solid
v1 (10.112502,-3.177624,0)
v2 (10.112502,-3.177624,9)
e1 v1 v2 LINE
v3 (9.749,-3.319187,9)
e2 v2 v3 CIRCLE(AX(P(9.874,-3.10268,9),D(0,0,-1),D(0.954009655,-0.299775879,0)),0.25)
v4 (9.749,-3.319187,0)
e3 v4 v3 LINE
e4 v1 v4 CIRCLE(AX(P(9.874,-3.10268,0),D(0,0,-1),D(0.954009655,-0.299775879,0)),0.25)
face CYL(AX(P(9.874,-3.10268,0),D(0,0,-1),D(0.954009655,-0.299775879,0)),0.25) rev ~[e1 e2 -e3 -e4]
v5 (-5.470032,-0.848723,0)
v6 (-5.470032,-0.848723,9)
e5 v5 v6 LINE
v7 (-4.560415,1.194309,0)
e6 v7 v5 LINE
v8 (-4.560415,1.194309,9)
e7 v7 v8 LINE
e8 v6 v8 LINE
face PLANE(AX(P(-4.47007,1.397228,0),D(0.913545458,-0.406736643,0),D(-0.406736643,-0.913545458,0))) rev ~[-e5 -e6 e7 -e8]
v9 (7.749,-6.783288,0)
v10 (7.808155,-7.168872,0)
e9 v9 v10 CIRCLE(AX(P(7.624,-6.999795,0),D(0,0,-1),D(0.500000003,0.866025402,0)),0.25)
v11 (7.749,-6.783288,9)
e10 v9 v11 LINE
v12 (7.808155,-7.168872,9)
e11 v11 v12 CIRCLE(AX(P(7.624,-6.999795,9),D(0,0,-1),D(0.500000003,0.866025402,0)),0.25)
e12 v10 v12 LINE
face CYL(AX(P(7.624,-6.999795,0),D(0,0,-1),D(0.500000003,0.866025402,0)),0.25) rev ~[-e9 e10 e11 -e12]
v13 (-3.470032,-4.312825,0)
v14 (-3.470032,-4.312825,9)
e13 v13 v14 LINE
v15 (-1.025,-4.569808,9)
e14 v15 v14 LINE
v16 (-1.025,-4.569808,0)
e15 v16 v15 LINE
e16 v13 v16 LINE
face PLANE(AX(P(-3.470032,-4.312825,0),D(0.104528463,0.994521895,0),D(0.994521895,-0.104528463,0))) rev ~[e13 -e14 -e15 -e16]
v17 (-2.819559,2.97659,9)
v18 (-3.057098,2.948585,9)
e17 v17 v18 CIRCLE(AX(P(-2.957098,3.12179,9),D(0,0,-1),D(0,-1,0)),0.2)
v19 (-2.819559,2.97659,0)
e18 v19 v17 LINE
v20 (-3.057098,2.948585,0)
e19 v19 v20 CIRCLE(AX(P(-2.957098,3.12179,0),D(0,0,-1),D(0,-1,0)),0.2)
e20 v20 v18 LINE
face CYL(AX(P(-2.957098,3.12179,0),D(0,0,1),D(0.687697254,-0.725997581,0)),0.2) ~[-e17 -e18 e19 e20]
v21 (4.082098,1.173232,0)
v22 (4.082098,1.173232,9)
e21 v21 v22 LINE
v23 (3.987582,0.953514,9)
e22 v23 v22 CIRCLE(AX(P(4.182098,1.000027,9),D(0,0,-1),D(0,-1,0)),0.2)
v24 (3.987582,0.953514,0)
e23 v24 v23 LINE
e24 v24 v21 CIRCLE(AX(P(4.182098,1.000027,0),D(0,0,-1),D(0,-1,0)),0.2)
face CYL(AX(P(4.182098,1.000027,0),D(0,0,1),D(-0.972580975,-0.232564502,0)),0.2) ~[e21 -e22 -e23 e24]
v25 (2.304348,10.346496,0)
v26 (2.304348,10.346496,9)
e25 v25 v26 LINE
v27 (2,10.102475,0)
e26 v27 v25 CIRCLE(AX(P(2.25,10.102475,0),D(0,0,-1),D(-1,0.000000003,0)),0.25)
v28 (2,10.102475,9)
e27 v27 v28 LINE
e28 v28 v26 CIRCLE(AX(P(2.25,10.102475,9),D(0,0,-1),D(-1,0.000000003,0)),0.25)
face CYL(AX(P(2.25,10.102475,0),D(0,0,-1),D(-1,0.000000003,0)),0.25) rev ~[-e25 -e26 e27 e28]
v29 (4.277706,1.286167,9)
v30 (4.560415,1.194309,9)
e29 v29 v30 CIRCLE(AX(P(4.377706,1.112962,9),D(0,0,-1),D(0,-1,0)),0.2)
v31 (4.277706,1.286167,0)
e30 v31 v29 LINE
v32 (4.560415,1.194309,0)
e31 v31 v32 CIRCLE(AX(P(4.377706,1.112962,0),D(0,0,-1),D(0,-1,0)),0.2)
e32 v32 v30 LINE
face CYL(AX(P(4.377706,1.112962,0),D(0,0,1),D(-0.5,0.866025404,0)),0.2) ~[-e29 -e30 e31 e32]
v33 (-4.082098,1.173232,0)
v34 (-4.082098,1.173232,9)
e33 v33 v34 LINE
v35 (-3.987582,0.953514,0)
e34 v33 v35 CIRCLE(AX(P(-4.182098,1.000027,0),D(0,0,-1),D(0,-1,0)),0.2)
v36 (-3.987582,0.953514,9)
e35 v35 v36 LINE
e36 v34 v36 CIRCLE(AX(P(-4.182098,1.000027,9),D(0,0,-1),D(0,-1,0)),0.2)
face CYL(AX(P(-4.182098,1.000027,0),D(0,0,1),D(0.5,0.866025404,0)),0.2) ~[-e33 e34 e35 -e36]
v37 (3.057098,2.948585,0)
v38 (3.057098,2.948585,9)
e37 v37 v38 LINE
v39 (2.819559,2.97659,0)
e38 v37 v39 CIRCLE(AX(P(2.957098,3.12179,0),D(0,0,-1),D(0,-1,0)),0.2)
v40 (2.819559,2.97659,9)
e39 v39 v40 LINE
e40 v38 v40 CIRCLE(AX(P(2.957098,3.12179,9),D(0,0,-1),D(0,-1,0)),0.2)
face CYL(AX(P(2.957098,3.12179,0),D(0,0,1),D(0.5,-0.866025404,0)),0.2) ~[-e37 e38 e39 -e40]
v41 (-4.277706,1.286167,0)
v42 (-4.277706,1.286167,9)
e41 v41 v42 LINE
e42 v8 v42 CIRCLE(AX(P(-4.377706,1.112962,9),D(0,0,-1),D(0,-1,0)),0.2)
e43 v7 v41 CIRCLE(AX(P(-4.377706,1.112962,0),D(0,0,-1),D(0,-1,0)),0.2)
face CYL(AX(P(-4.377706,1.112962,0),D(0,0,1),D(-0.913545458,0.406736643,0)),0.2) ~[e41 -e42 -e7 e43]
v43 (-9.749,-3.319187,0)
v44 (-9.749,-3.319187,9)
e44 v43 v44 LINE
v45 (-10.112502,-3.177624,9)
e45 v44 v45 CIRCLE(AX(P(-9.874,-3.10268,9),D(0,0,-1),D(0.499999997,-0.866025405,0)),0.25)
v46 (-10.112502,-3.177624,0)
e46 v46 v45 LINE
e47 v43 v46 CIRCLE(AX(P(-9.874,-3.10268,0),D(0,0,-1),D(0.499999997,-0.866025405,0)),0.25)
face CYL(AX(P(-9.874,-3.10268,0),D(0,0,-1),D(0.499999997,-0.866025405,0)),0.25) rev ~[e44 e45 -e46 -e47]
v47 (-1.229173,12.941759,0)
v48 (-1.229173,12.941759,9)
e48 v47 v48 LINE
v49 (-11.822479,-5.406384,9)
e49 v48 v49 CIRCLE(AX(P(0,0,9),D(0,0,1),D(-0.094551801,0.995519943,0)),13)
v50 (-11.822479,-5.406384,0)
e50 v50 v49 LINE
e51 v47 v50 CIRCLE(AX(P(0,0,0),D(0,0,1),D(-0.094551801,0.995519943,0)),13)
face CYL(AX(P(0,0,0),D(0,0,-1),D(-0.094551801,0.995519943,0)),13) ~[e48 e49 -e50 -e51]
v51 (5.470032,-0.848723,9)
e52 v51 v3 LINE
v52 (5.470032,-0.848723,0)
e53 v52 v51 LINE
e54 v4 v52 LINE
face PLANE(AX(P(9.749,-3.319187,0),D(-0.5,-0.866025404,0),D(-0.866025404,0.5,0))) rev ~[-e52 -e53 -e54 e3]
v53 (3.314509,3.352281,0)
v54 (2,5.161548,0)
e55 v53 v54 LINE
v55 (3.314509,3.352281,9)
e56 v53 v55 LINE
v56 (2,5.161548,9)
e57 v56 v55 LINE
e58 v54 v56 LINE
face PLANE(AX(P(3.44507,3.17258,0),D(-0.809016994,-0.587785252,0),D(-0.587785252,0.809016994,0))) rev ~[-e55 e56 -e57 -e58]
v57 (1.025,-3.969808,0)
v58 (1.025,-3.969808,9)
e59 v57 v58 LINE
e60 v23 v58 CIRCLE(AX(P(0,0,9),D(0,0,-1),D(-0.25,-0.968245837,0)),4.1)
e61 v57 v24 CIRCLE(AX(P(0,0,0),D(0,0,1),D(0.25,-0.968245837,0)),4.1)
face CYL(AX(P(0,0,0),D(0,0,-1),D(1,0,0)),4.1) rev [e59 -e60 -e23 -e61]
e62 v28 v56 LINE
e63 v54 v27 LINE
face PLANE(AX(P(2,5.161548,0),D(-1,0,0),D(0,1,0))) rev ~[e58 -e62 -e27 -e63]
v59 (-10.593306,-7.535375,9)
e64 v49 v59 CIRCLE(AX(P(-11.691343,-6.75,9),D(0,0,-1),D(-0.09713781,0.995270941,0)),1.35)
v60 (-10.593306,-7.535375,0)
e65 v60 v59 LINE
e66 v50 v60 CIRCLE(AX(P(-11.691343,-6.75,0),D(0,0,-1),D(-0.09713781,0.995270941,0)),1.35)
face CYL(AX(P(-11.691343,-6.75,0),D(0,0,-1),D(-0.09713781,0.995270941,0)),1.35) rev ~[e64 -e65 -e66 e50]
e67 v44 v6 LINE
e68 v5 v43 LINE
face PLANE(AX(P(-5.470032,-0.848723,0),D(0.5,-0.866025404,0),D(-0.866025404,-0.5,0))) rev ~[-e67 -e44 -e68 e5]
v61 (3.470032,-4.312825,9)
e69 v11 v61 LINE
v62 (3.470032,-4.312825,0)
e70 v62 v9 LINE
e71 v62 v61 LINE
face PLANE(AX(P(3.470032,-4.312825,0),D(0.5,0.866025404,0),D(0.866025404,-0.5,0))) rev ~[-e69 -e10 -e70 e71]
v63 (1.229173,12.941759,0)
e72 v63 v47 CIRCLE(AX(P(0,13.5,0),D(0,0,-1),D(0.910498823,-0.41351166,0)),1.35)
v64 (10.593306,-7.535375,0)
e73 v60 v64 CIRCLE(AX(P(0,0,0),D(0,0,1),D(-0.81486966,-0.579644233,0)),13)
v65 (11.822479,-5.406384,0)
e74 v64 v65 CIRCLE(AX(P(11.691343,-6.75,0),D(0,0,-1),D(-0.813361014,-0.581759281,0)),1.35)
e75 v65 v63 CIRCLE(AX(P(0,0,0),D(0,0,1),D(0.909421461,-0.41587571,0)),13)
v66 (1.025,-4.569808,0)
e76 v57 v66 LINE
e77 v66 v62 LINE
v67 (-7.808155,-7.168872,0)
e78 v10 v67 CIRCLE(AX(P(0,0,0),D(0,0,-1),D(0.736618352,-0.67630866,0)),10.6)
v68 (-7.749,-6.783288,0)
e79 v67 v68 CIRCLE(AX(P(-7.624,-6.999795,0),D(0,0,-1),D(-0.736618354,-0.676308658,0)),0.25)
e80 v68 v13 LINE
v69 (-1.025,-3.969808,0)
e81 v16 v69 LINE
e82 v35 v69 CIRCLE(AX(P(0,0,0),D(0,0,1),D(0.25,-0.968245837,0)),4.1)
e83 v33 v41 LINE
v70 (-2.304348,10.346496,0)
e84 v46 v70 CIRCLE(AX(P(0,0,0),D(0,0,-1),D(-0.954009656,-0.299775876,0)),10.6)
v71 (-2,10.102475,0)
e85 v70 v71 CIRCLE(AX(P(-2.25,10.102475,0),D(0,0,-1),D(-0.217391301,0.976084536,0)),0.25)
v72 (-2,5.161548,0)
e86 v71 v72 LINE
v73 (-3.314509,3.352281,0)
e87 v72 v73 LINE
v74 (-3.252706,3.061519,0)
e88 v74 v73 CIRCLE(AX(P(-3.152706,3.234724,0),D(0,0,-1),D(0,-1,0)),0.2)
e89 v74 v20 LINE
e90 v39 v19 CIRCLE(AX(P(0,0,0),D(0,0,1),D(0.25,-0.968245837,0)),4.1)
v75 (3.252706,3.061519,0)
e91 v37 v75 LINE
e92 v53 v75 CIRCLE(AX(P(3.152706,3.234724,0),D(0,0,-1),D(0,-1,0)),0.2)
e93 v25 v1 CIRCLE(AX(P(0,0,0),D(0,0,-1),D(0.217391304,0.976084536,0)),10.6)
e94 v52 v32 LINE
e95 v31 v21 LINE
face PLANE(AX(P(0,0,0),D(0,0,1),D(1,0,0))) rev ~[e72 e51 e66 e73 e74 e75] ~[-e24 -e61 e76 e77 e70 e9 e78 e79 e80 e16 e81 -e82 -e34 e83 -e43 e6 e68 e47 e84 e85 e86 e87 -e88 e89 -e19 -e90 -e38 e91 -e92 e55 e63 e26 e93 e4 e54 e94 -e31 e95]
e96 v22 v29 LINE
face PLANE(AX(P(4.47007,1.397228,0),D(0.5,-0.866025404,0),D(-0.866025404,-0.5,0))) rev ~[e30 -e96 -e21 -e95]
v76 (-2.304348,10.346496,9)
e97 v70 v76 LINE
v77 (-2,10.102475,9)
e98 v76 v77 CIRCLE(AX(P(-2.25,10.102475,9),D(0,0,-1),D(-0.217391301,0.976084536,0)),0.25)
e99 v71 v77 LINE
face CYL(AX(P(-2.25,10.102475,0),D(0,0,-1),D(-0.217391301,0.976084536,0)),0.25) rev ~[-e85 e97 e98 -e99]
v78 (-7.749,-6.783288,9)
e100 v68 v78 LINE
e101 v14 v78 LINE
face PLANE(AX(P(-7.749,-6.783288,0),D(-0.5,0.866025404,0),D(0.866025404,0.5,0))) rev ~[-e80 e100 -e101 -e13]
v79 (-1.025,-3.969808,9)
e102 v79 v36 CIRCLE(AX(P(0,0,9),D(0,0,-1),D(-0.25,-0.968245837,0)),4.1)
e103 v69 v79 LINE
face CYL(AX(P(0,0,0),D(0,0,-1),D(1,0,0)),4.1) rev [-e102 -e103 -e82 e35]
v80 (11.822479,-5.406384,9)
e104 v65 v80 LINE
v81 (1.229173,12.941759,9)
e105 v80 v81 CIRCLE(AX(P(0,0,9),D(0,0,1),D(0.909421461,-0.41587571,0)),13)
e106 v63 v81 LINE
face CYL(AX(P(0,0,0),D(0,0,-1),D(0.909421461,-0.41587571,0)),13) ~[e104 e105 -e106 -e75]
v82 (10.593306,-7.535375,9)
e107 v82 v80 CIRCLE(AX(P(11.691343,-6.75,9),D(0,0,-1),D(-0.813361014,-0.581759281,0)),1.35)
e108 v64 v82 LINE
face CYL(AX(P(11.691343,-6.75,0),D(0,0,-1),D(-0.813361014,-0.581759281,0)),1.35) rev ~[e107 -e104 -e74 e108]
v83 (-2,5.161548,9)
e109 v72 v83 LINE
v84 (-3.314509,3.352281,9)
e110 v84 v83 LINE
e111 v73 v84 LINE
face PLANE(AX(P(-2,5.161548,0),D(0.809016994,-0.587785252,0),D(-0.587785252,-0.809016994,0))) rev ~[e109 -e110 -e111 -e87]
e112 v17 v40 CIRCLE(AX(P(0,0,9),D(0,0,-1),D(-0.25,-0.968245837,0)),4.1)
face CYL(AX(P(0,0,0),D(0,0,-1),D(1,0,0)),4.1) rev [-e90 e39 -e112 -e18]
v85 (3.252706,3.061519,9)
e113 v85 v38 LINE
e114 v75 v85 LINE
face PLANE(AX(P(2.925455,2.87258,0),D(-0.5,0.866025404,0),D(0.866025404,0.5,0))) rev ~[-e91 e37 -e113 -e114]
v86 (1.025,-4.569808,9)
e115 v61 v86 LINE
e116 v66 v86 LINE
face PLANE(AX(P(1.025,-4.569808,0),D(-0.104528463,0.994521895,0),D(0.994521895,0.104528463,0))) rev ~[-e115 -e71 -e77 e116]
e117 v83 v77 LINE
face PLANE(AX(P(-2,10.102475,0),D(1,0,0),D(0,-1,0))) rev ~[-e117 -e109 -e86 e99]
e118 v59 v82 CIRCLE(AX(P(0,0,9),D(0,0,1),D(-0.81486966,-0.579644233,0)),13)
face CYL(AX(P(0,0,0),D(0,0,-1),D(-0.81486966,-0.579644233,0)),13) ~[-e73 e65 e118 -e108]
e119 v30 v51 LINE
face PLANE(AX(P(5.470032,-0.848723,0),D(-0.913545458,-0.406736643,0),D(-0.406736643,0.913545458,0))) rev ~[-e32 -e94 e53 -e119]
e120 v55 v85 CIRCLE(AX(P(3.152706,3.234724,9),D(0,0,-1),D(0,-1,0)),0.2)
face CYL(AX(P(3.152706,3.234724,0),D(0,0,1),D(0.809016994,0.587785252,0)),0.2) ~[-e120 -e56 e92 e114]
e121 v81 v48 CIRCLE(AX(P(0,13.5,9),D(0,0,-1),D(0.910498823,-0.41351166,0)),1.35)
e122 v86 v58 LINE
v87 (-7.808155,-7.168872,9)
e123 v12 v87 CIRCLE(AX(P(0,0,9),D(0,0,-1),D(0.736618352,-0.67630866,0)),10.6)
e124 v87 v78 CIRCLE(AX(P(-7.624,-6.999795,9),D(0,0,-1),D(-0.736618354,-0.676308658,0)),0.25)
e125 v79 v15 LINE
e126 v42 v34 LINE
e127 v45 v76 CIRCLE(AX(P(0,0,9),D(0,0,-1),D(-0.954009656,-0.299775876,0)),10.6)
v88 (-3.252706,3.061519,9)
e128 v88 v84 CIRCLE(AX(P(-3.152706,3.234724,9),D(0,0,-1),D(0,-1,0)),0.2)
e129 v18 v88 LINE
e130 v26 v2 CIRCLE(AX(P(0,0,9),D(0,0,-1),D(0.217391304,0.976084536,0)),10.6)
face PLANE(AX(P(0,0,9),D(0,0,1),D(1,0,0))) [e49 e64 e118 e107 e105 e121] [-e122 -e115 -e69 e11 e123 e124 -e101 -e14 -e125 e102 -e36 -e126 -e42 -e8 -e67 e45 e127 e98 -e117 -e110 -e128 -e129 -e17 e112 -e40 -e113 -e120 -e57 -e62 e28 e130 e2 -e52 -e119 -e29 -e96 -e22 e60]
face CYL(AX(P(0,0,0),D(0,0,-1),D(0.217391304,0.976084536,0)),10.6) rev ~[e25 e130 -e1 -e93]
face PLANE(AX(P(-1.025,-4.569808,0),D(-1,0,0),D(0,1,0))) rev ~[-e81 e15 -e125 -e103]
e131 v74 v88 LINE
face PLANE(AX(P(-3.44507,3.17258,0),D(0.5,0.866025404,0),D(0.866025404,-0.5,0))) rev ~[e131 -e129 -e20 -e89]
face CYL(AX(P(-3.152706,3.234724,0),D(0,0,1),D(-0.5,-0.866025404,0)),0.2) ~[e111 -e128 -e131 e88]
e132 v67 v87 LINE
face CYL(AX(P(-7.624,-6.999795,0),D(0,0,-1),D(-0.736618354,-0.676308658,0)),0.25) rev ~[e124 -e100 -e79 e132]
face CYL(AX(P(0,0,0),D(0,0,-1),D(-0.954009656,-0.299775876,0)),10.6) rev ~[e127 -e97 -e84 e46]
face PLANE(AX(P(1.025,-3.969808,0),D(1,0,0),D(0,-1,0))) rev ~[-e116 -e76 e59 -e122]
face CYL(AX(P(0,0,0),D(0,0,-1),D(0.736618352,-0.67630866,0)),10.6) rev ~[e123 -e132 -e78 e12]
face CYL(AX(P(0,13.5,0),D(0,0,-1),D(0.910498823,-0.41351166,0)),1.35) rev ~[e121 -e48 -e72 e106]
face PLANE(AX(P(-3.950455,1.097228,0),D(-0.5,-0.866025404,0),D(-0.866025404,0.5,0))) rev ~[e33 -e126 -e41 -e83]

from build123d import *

# Parameters (mm, degrees)
SKETCH_1_R               = 4.1
EXTRUDE_1_DEPTH          = 9
CUT_EXTRUDE_1_DEPTH      = 10
PATTERN_CIRCULAR_1_COUNT = 3
FILLET_1_R               = 0.2


with BuildPart() as part:
    # 草图1 → 凸台-拉伸1 (new body)
    with BuildSketch(Plane.XY):
        with BuildLine():
            ThreePointArc((-1.229173411, 12.941759259), (-11.258330249, 6.5), (-11.822478994, -5.40638423))
            ThreePointArc((-11.822478994, -5.40638423), (-10.522208656, -6.075), (-10.593305582, -7.53537503))
            ThreePointArc((-10.593305582, -7.53537503), (0, -13), (10.593305582, -7.53537503))
            ThreePointArc((10.593305582, -7.53537503), (10.522208656, -6.075), (11.822478994, -5.40638423))
            ThreePointArc((11.822478994, -5.40638423), (11.258330249, 6.5), (1.229173411, 12.941759259))
            ThreePointArc((1.229173411, 12.941759259), (0, 12.15), (-1.229173411, 12.941759259))
        make_face()
        Circle(SKETCH_1_R, mode=Mode.SUBTRACT)
    extrude(amount=EXTRUDE_1_DEPTH)

    # 草图2 → 切除-拉伸1 (cut)
    with BuildSketch(Plane.XY):
        with BuildLine():
            Line((-7.748999943, -6.78328828), (-3.470031597, -4.312824754))
            Line((-3.470031597, -4.312824754), (-1.025, -4.56980793))
            Line((-1.025, -4.56980793), (-1.025, -3.96980793))
            ThreePointArc((-1.025, -3.96980793), (0, -4.1), (1.025, -3.96980793))
            Line((1.025, -3.96980793), (1.025, -4.56980793))
            Line((1.025, -4.56980793), (3.470031597, -4.312824754))
            Line((3.470031597, -4.312824754), (7.748999943, -6.78328828))
            ThreePointArc((7.748999943, -6.78328828), (7.871108829, -6.961884233), (7.808154531, -7.168871796))
            ThreePointArc((7.808154531, -7.168871796), (0, -10.6), (-7.808154531, -7.168871796))
            ThreePointArc((-7.808154531, -7.168871796), (-7.871108829, -6.961884233), (-7.748999943, -6.78328828))
        make_face()
    cut_extrude_1 = extrude(amount=CUT_EXTRUDE_1_DEPTH, mode=Mode.SUBTRACT)

    # 阵列(圆周)1: 切除-拉伸1 ×3 about axis
    pattern_circular_1_axis = Axis((0, 0, 0), (0, 0, 1))
    for i in range(1, PATTERN_CIRCULAR_1_COUNT):
        add(cut_extrude_1.rotate(pattern_circular_1_axis, i * 360 / PATTERN_CIRCULAR_1_COUNT), mode=Mode.SUBTRACT)

    # 圆角1
    fillet_1_edges = [part.edges().sort_by_distance(p)[0] for p in [
        (-4.470069758, 1.397227926, 4.5),
        (-3.445069758, 3.172580004, 4.5),
        (-2.925454515, 2.872580004, 4.5),
        (-3.950454515, 1.097227926, 4.5),
        (3.950454515, 1.097227926, 4.5),
        (2.925454515, 2.872580004, 4.5),
        (3.445069758, 3.172580004, 4.5),
        (4.470069758, 1.397227926, 4.5),
    ]]
    fillet(fillet_1_edges, radius=FILLET_1_R)


solid = part.part
